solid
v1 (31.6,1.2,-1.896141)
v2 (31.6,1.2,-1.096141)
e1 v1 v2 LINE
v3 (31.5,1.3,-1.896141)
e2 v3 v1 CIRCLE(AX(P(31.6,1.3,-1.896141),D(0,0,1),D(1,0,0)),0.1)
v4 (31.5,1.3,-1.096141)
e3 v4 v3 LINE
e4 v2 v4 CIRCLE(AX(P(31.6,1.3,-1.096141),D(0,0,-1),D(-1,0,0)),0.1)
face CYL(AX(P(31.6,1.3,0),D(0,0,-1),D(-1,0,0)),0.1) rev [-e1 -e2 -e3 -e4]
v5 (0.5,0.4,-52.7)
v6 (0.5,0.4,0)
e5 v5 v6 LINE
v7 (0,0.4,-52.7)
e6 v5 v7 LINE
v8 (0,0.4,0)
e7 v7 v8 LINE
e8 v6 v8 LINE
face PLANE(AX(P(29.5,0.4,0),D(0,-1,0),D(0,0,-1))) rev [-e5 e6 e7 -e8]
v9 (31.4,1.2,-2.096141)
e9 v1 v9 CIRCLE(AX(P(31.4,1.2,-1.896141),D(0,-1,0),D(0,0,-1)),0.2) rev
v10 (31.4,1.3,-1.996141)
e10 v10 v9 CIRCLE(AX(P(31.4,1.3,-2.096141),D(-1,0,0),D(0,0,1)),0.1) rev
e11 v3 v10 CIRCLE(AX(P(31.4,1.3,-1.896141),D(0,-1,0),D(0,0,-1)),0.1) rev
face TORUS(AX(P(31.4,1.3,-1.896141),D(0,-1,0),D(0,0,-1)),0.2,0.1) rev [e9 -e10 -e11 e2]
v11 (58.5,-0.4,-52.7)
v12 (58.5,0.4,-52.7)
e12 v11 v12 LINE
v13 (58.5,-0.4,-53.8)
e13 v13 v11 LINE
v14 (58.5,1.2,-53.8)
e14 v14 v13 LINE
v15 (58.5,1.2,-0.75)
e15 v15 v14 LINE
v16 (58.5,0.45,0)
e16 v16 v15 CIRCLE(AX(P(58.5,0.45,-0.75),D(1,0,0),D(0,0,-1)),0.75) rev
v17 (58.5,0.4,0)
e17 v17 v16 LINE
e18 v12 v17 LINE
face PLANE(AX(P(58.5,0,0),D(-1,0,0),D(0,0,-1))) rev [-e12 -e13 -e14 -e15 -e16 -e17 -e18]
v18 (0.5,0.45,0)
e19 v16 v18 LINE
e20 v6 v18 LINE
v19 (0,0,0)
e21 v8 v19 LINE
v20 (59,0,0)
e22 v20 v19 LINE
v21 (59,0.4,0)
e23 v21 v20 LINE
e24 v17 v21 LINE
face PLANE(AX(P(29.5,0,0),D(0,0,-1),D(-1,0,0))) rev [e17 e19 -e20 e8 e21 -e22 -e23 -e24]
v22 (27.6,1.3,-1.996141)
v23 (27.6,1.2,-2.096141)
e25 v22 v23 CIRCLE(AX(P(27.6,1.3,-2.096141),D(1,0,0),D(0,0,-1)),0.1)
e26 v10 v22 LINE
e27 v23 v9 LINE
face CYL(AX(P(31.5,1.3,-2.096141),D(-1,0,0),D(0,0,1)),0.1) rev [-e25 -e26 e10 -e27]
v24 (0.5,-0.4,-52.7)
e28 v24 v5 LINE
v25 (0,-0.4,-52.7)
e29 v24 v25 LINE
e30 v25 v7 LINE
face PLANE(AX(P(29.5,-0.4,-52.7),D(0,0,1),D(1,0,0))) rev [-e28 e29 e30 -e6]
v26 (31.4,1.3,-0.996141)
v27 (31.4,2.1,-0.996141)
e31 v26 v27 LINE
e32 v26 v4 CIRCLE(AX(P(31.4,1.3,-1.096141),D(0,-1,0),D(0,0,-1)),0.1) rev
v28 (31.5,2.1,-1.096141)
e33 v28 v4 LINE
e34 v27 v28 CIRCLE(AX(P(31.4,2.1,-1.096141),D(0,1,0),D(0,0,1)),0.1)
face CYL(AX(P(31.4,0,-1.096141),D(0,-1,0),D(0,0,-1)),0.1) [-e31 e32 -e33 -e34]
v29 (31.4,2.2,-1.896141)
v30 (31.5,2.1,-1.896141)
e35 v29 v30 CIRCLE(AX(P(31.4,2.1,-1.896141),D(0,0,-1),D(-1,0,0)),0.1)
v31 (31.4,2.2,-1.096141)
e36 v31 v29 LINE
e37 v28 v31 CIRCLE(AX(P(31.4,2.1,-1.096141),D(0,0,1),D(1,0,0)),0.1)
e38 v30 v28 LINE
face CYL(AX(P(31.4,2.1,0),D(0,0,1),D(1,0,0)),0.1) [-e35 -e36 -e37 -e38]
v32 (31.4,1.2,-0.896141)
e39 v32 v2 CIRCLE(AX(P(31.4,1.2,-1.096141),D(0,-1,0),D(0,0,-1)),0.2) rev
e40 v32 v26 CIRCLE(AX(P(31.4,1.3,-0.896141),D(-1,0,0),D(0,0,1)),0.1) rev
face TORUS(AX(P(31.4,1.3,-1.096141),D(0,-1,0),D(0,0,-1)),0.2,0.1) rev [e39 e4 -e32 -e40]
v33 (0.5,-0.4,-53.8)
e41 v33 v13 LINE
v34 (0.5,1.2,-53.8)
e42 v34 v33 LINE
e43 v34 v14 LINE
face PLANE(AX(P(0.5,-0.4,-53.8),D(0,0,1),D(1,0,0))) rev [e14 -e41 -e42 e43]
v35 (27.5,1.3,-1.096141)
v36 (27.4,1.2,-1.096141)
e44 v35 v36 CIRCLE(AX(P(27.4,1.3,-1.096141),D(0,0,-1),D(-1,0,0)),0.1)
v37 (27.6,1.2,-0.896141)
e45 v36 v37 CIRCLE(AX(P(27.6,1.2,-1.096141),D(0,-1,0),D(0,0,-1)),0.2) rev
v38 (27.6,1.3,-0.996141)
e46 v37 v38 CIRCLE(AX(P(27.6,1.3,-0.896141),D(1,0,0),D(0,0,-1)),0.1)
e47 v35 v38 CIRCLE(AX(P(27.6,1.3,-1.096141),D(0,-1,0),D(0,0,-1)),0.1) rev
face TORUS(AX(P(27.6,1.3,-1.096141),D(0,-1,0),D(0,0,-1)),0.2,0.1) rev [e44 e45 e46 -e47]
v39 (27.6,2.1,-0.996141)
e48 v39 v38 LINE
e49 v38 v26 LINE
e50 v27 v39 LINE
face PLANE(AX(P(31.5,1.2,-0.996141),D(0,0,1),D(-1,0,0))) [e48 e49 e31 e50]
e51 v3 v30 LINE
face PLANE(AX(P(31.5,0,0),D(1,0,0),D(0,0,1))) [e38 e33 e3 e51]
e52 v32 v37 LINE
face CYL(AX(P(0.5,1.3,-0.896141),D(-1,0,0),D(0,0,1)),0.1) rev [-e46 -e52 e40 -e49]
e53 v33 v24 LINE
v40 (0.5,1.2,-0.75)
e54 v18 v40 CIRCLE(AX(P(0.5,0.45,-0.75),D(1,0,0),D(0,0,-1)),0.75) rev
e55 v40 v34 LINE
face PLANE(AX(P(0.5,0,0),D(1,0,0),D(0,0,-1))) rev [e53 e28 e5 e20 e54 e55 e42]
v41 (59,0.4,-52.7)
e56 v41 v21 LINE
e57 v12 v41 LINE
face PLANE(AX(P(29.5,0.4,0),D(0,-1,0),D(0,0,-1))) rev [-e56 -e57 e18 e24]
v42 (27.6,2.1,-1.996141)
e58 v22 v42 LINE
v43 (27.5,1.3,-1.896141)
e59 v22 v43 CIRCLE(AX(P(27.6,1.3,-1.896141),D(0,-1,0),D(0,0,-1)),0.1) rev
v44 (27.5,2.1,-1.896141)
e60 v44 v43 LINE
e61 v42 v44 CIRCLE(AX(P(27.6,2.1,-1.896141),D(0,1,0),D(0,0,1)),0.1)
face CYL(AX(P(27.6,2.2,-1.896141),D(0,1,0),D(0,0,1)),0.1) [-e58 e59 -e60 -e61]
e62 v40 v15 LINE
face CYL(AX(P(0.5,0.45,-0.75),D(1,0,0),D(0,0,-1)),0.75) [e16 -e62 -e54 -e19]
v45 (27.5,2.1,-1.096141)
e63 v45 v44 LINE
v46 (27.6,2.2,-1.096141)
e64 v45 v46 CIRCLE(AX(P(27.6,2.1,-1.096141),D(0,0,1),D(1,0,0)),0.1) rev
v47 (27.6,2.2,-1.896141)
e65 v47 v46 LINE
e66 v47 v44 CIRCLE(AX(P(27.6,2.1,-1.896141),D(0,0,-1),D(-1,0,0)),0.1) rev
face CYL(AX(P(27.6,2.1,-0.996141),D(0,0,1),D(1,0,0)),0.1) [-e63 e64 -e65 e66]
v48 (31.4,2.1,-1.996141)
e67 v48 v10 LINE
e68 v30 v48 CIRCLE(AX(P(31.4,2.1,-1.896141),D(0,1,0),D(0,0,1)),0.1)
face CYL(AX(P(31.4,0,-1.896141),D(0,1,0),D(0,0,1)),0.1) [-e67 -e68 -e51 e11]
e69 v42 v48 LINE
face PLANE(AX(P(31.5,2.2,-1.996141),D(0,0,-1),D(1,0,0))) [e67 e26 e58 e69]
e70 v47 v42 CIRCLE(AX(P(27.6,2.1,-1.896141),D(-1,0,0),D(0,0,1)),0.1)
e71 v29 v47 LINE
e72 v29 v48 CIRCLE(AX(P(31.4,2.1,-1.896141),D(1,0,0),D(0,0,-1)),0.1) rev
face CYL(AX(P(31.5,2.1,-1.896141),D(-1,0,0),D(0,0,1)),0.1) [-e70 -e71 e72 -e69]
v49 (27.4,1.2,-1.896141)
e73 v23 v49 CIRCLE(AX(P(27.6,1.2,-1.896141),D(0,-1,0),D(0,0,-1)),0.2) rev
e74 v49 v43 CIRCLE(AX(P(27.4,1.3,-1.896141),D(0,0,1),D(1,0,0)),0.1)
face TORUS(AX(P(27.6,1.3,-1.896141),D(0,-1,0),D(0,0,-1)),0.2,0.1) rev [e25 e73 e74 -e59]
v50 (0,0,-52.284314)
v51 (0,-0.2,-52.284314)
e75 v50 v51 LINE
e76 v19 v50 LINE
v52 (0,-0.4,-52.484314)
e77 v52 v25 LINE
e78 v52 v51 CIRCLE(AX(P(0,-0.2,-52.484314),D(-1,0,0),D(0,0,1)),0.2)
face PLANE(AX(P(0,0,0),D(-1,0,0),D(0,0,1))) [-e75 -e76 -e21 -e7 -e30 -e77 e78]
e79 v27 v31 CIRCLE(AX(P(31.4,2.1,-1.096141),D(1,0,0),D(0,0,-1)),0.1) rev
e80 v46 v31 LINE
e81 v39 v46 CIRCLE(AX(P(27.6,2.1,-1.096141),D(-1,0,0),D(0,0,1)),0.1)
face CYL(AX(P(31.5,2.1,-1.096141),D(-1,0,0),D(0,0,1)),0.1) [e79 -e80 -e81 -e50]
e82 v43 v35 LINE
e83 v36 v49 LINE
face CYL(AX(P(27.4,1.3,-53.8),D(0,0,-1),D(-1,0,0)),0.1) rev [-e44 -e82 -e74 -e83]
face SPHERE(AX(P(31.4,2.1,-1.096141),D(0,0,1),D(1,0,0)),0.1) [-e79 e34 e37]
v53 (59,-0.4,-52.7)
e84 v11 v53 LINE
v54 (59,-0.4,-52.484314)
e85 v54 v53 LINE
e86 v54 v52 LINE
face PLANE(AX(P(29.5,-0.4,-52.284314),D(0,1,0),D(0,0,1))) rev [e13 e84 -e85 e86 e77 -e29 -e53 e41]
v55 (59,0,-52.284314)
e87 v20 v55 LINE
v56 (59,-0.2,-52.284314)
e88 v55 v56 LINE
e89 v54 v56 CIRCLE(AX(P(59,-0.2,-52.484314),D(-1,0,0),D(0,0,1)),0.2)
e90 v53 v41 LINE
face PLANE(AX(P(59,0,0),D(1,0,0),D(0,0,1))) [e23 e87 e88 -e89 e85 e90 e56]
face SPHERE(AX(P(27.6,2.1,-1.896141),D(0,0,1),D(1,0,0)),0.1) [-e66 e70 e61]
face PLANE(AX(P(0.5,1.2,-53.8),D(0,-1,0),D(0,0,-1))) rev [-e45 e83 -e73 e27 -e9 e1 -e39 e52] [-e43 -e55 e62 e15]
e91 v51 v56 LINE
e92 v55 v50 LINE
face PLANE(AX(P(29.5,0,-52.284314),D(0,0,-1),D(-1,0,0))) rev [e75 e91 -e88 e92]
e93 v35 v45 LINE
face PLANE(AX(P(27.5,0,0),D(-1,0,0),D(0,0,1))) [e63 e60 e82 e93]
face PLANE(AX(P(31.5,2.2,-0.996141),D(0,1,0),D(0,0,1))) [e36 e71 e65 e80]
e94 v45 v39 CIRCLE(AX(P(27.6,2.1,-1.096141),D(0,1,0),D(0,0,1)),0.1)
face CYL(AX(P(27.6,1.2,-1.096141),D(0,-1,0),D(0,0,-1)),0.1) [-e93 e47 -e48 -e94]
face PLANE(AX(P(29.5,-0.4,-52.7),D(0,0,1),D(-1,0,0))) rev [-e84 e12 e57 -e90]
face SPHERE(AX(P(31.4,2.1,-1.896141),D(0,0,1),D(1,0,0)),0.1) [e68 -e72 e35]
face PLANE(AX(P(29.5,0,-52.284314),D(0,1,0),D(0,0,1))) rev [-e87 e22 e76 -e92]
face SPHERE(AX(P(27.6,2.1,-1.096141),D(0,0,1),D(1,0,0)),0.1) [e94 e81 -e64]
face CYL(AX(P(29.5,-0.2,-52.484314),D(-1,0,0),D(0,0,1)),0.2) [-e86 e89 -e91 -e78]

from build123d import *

# Parameters (mm, degrees)
BOSS_EXTRUDE1_DEPTH  = 29.5
BOSS_EXTRUDE2_DEPTH  = 29
SKETCH7_W            = 1
SKETCH7_H            = 1
BOSS_EXTRUDE3_DEPTH  = 2
FILLET1_R            = 0.75
FILLET2_R            = 0.2
FILLET1_OF_MIRROR1_R = 0.75
FILLET2_OF_MIRROR1_R = 0.2
FILLET3_R            = 0.1


with BuildPart() as part:
    # Sketch1 → Boss-Extrude1 (new body)
    with BuildSketch(Plane(origin=(0, 0, 0), x_dir=(0, 0, -1), z_dir=(1, 0, 0))):
        Polygon((0, 0), (0, 0.4), (52.7, 0.4), (52.7, -0.4), (52.284313725, -0.4), (52.284313725, 0), align=None)
    boss_extrude1 = extrude(amount=BOSS_EXTRUDE1_DEPTH)

    # Sketch5 → Boss-Extrude2 (add)
    with BuildSketch(Plane(origin=(29.5, 0, -29.5), x_dir=(0, 0, 1), z_dir=(-1, 0, 0))):
        Polygon((29.5, 0.4), (-23.2, 0.4), (-23.2, -0.4), (-24.3, -0.4), (-24.3, 1.2), (29.5, 1.2), align=None)
    boss_extrude2 = extrude(amount=BOSS_EXTRUDE2_DEPTH)

    # Fillet1
    fillet1_edges = [part.edges().sort_by_distance(p)[0] for p in [
        (15, 1.2, 0),
    ]]
    fillet(fillet1_edges, radius=FILLET1_R)

    # Fillet2
    fillet2_edges = [part.edges().sort_by_distance(p)[0] for p in [
        (14.75, -0.4, -52.284313725),
    ]]
    fillet(fillet2_edges, radius=FILLET2_R)


with BuildPart() as body_2:
    # Sketch7 → Boss-Extrude3 (new body)
    with BuildSketch(Plane(origin=(29.5, 0, 0), x_dir=(0, 0, -1), z_dir=(1, 0, 0))):
        with Locations((1.496141384, 1.7)):
            Rectangle(SKETCH7_W, SKETCH7_H)
    boss_extrude3 = extrude(amount=-BOSS_EXTRUDE3_DEPTH)


with BuildPart() as part_1:
    add(part.part)

    add(body_2.part)  # Mirror1 merges body 2
    # Mirror1: Boss-Extrude1, Boss-Extrude2, Boss-Extrude3 across plane
    add(boss_extrude1.mirror(Plane.ZY.offset(-29.5)))
    add(boss_extrude2.mirror(Plane.ZY.offset(-29.5)))
    add(boss_extrude3.mirror(Plane.ZY.offset(-29.5)))

    # Fillet1 of Mirror1
    fillet1_of_mirror1_edges = [part_1.edges().sort_by_distance(p)[0] for p in [
        (44, 1.2, 0),
    ]]
    fillet(fillet1_of_mirror1_edges, radius=FILLET1_OF_MIRROR1_R)

    # Fillet2 of Mirror1
    fillet2_of_mirror1_edges = [part_1.edges().sort_by_distance(p)[0] for p in [
        (44.25, -0.4, -52.284313725),
    ]]
    fillet(fillet2_of_mirror1_edges, radius=FILLET2_OF_MIRROR1_R)

    # Fillet3
    fillet3_edges = [part_1.edges().sort_by_distance(p)[0] for p in [
        (29.5, 1.2, -0.996141384),
        (29.5, 2.2, -0.996141384),
        (29.5, 2.2, -1.996141384),
        (29.5, 1.2, -1.996141384),
        (31.5, 1.2, -1.496141384),
        (31.5, 1.7, -1.996141384),
        (31.5, 2.2, -1.496141384),
        (31.5, 1.7, -0.996141384),
        (27.5, 1.2, -1.496141384),
        (27.5, 1.7, -0.996141384),
        (27.5, 2.2, -1.496141384),
        (27.5, 1.7, -1.996141384),
    ]]
    fillet(fillet3_edges, radius=FILLET3_R)


solid = part_1.part
